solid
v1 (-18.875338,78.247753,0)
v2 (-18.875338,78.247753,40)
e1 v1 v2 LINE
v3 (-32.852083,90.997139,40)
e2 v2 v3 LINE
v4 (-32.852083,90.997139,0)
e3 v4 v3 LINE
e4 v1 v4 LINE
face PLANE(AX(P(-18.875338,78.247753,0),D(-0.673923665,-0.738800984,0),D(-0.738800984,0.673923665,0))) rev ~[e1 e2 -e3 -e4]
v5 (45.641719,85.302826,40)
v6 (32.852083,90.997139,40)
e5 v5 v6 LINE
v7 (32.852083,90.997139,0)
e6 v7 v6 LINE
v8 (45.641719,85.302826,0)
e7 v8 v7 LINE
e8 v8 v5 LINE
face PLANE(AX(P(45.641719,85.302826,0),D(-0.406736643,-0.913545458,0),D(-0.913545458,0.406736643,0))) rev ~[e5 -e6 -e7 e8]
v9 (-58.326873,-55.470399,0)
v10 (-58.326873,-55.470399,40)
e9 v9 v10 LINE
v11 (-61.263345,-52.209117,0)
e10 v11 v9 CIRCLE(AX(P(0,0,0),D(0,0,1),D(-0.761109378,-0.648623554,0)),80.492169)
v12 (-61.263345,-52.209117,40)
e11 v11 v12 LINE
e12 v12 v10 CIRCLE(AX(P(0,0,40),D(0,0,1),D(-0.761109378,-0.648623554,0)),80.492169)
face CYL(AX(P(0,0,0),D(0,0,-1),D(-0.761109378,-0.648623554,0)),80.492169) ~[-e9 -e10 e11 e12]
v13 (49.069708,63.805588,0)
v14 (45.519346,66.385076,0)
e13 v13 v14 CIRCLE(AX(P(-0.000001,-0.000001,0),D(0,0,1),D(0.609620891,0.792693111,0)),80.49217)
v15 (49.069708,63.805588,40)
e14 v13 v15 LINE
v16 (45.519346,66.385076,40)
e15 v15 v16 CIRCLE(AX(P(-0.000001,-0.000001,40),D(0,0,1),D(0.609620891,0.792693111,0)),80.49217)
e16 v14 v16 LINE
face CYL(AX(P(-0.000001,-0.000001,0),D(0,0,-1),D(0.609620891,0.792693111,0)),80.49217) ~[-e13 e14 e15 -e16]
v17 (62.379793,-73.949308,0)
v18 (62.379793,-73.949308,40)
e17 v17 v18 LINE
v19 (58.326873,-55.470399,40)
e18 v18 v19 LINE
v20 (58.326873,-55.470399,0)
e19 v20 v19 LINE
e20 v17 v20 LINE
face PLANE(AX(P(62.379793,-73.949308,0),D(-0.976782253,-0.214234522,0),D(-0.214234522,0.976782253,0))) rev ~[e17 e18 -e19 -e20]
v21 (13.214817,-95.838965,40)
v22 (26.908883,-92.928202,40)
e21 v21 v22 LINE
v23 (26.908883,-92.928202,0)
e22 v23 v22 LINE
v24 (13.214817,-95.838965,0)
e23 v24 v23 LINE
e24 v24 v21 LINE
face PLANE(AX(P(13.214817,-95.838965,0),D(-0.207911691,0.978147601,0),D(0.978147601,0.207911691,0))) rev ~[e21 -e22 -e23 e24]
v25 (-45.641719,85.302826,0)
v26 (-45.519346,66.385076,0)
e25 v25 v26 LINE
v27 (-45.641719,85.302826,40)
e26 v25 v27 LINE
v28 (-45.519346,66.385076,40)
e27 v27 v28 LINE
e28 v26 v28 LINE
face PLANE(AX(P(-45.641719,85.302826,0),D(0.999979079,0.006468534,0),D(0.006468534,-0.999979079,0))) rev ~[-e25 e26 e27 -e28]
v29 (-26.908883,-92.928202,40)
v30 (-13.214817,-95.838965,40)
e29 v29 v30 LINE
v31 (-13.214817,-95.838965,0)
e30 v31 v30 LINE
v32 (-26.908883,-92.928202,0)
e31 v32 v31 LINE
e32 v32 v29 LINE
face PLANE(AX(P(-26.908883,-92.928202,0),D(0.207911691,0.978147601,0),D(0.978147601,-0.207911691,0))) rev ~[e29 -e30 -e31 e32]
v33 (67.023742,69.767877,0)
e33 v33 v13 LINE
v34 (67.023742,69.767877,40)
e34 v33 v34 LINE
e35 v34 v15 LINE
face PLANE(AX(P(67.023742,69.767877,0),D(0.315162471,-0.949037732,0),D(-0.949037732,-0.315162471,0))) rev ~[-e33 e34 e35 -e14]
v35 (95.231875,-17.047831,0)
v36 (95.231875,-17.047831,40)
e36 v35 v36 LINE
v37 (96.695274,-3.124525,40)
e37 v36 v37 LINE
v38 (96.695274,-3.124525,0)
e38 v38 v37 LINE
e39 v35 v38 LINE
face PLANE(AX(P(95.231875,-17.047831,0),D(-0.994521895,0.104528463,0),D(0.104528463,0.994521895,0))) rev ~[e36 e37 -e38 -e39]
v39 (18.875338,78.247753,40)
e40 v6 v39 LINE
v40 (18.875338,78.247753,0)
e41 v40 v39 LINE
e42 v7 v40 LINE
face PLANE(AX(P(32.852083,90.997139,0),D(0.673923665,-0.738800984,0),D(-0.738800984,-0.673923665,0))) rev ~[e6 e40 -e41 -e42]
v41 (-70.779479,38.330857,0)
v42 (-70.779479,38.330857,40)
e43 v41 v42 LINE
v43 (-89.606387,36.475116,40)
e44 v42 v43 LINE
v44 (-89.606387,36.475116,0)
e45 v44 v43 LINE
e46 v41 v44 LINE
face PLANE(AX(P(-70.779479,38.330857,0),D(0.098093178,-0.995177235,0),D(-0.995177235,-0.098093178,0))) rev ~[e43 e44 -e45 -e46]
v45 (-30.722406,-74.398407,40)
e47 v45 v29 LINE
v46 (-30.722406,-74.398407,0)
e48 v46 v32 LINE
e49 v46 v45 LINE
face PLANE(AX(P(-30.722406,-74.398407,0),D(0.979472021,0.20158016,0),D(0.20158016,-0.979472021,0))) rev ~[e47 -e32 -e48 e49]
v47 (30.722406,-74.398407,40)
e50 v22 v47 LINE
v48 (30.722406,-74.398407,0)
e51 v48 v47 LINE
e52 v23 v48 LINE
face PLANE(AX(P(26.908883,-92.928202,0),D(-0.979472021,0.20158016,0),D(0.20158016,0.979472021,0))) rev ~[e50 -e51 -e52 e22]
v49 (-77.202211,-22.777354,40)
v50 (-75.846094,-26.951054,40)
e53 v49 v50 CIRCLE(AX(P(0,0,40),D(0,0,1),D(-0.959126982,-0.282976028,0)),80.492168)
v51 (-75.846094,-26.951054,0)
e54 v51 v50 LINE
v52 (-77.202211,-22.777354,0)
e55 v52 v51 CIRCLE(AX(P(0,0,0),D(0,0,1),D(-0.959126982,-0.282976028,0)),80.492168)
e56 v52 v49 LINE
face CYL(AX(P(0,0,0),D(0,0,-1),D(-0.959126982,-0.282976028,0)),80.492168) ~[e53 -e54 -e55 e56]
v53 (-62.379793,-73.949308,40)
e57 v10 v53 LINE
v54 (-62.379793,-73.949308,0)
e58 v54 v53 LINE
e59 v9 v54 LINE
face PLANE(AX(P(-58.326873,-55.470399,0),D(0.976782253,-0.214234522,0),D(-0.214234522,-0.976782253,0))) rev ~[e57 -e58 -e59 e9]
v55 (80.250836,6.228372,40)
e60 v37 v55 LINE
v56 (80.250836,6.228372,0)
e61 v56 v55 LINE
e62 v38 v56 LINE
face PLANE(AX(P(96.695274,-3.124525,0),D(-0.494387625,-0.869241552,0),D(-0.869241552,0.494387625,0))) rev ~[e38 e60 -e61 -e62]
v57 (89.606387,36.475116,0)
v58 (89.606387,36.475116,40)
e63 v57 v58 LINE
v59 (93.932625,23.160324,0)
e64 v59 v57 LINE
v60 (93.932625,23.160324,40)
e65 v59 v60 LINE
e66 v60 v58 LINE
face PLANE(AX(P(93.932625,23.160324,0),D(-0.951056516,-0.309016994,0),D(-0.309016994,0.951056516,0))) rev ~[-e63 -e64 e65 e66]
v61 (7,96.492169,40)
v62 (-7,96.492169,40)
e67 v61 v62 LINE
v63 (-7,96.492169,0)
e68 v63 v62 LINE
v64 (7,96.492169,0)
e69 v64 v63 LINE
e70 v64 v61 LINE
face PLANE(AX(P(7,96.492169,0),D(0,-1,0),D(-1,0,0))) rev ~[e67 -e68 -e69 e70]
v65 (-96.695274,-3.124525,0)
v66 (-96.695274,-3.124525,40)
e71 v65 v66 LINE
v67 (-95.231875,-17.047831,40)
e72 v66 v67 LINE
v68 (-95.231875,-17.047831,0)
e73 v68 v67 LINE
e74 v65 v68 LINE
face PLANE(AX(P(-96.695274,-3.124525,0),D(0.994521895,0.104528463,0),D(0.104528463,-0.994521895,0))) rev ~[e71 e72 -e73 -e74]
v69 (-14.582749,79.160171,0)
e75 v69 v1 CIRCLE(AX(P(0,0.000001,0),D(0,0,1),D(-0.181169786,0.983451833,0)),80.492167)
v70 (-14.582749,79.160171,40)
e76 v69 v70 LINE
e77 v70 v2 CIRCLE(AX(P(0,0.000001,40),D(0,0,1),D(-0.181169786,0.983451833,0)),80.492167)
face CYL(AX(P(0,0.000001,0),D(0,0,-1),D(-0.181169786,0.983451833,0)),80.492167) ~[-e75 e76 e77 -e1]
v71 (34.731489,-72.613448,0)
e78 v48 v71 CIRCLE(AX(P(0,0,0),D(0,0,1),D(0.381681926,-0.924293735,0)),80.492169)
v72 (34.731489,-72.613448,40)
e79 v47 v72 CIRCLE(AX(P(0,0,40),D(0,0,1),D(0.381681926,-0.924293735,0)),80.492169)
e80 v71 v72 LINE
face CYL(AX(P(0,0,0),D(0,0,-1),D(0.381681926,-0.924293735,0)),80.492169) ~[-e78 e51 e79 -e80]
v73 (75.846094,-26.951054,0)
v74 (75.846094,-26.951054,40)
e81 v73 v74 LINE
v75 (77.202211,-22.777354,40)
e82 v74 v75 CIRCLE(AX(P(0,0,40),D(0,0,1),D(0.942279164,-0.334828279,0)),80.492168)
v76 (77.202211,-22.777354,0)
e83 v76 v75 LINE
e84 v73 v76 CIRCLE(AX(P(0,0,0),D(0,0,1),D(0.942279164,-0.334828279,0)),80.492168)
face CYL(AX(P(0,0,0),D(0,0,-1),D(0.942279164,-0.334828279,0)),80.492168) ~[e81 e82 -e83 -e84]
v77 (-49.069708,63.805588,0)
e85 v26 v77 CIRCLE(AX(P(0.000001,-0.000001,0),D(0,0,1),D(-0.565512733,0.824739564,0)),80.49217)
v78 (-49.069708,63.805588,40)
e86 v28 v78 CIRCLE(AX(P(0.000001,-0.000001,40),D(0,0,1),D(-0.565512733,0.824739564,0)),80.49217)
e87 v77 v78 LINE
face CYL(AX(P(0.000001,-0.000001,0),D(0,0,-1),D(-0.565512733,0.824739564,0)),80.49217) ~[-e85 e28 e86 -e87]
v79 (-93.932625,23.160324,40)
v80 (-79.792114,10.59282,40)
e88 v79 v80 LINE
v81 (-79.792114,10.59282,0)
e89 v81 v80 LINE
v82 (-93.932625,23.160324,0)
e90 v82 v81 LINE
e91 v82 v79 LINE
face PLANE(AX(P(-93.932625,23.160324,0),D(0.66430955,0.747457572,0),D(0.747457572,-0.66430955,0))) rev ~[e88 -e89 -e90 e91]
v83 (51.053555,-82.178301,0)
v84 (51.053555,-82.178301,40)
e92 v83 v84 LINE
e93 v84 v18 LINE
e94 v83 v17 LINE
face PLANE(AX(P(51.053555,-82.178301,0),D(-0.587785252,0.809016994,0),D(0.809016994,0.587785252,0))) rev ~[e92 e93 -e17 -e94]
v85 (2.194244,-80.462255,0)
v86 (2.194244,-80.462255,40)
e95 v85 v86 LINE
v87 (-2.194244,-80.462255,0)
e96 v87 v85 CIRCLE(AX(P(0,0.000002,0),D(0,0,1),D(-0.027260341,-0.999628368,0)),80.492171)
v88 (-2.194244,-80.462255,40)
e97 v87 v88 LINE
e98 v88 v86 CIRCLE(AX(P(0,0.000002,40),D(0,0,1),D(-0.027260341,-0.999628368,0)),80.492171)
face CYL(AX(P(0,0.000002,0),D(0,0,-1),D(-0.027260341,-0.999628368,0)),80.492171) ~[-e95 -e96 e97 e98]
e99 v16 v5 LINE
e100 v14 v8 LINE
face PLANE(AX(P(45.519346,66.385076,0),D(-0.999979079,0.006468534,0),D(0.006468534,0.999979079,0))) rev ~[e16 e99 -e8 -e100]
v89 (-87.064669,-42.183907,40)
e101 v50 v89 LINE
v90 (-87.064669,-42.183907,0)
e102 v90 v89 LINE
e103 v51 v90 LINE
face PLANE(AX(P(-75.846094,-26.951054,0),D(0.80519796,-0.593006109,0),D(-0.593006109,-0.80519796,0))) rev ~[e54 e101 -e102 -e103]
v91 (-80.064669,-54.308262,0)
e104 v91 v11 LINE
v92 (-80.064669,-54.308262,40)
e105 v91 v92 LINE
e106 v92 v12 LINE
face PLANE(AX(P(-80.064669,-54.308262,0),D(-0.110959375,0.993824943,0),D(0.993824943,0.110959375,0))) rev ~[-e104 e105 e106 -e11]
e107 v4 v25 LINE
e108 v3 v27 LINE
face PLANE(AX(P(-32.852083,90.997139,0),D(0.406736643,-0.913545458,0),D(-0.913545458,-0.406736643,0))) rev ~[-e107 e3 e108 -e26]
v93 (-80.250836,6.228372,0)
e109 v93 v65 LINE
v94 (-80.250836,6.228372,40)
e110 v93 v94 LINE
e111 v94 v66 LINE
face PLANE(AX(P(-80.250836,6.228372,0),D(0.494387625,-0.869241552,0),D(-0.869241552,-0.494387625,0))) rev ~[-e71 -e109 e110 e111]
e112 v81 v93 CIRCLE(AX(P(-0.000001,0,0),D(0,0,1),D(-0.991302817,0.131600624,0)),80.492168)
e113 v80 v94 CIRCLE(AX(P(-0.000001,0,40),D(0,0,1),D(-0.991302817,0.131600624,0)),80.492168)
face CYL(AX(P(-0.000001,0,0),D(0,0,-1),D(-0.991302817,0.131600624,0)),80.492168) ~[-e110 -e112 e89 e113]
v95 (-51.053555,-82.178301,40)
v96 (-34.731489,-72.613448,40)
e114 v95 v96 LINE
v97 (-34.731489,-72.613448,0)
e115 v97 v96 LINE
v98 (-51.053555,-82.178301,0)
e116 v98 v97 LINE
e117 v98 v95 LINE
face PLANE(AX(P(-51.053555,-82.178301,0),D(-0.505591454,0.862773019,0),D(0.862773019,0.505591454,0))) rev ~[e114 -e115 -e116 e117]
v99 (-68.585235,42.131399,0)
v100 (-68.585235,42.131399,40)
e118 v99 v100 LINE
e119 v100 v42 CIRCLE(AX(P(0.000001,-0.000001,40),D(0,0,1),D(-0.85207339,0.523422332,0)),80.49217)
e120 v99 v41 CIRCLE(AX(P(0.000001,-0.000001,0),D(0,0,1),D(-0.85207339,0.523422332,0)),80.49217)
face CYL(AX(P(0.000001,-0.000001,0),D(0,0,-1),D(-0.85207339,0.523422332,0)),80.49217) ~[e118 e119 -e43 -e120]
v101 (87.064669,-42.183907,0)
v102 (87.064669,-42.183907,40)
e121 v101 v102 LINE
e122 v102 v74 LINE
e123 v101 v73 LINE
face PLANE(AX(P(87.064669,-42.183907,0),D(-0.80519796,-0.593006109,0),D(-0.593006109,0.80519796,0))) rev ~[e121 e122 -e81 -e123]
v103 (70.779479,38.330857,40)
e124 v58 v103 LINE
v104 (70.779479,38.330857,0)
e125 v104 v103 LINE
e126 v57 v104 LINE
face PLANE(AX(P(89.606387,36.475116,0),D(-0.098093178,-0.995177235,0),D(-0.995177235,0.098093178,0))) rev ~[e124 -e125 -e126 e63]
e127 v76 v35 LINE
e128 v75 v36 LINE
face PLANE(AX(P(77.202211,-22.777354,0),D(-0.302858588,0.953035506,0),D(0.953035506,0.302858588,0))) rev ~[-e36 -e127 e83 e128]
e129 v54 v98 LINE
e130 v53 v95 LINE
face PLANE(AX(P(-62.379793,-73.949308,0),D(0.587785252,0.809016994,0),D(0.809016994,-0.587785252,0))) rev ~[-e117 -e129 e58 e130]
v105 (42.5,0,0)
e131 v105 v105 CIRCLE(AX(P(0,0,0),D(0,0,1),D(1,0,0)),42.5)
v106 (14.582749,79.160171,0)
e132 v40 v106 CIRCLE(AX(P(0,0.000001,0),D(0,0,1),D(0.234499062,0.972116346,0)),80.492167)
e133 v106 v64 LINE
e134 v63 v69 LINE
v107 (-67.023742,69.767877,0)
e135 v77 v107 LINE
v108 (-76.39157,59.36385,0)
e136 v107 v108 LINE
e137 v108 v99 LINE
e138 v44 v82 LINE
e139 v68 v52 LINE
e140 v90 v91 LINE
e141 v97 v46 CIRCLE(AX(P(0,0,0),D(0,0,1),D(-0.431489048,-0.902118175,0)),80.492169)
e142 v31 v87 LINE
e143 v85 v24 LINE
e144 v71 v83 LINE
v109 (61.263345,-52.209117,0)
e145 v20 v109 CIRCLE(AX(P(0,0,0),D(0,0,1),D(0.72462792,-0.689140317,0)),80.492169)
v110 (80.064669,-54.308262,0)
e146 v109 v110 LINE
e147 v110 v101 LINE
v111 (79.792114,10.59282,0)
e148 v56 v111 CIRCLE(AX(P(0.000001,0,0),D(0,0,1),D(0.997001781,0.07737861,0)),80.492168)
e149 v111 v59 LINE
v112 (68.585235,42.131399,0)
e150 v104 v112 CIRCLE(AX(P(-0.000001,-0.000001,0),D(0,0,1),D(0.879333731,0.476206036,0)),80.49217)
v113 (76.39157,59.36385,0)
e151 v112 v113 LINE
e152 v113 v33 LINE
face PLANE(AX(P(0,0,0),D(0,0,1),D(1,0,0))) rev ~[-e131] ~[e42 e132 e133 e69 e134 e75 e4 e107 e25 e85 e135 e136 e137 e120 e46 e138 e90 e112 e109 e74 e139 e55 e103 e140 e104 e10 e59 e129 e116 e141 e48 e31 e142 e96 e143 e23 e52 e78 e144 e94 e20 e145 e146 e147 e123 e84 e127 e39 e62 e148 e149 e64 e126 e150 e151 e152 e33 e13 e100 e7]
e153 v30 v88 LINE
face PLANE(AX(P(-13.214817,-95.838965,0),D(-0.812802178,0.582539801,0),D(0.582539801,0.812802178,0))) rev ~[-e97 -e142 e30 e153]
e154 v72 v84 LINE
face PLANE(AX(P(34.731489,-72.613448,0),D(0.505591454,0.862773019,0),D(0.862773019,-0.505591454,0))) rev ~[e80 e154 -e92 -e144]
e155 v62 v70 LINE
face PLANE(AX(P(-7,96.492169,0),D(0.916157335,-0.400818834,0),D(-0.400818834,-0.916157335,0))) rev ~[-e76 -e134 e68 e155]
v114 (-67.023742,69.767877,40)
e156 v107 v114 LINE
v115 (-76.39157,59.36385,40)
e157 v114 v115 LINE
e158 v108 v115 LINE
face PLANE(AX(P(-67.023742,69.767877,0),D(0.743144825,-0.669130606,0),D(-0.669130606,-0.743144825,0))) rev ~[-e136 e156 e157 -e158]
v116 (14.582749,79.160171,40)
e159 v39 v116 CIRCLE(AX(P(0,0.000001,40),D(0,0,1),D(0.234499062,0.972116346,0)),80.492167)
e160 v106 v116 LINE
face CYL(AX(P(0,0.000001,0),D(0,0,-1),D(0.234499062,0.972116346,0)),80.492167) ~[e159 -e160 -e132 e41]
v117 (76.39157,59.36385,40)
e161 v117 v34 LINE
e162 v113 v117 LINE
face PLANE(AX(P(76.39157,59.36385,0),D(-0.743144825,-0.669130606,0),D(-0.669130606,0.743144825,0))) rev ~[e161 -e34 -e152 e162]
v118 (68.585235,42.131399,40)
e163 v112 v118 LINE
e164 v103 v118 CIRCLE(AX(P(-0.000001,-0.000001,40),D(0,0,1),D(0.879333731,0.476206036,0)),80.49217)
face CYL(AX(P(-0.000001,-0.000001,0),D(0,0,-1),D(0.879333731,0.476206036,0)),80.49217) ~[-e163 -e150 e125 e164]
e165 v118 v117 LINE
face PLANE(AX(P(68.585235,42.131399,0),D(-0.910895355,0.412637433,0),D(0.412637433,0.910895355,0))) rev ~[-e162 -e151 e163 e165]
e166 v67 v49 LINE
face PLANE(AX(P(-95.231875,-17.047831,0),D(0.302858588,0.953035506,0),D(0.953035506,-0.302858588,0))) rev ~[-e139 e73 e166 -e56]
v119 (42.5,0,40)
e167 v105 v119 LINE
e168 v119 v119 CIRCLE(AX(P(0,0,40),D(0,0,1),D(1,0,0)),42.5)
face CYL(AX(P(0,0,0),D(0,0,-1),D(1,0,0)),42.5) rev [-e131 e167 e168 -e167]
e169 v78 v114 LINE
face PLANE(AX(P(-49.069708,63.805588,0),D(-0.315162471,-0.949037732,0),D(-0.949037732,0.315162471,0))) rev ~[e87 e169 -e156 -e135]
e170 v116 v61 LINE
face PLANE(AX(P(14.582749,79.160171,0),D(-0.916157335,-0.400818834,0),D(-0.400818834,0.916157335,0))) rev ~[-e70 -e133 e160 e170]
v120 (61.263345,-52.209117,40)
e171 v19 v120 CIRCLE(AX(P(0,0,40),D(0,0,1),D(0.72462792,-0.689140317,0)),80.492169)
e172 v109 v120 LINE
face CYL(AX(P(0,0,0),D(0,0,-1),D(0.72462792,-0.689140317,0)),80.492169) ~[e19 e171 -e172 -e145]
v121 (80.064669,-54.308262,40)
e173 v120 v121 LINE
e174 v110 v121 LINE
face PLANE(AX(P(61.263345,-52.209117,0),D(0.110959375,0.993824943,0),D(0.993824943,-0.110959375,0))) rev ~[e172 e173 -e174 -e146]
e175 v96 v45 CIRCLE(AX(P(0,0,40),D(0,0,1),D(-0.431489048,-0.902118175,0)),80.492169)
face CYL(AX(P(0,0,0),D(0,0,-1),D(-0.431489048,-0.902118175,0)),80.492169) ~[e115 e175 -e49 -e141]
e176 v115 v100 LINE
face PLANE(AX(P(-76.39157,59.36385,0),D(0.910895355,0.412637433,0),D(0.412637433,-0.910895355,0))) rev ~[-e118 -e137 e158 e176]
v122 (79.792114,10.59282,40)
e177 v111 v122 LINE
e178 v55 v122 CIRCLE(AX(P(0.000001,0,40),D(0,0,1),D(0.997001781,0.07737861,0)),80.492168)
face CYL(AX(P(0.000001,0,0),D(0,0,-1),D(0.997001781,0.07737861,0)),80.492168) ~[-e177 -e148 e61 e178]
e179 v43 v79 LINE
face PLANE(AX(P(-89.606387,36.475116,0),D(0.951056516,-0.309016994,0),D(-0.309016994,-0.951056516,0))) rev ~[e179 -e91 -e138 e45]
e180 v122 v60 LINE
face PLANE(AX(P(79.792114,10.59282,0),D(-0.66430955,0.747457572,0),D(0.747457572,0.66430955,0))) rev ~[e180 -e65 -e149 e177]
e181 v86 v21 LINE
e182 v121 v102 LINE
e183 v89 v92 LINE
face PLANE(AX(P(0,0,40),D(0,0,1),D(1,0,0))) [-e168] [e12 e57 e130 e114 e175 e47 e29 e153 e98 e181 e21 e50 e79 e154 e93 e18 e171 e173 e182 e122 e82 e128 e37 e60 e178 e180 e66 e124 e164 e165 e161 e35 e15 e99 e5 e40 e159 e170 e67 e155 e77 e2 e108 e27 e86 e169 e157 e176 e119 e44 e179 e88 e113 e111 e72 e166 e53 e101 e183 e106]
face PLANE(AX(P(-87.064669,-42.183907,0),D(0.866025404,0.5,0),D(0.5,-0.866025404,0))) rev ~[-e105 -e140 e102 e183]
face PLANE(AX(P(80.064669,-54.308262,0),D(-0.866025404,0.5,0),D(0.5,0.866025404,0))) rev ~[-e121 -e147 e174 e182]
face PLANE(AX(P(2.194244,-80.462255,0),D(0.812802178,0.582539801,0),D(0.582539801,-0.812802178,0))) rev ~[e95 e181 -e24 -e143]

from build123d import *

# Parameters (mm, degrees)
SKETCH1_R           = 42.5
BOSS_EXTRUDE3_DEPTH = 40


with BuildPart() as part:
    # Sketch1 → Boss-Extrude3 (new body)
    with BuildSketch(Plane.XY):
        with BuildLine():
            Line((14.58274905, 79.160170984), (7, 96.492168812))
            Line((7, 96.492168812), (-7, 96.492168812))
            Line((-7, 96.492168812), (-14.58274905, 79.160170984))
            ThreePointArc((-14.58274905, 79.160170984), (-16.735262915, 78.733221802), (-18.875338057, 78.247753024))
            Line((-18.875338057, 78.247753024), (-32.852082622, 90.997139018))
            Line((-32.852082622, 90.997139018), (-45.641719029, 85.302826015))
            Line((-45.641719029, 85.302826015), (-45.519346366, 66.385076234))
            ThreePointArc((-45.519346366, 66.385076234), (-47.312109753, 65.119532483), (-49.069707737, 63.805587708))
            Line((-49.069707737, 63.805587708), (-67.023741707, 69.767877205))
            Line((-67.023741707, 69.767877205), (-76.391570197, 59.363849648))
            Line((-76.391570197, 59.363849648), (-68.585235165, 42.131398713))
            ThreePointArc((-68.585235165, 42.131398713), (-69.708262997, 40.246084406), (-70.779479165, 38.330856621))
            Line((-70.779479165, 38.330856621), (-89.60638696, 36.475115601))
            Line((-89.60638696, 36.475115601), (-93.932624881, 23.160324373))
            Line((-93.932624881, 23.160324373), (-79.792113727, 10.592819603))
            ThreePointArc((-79.792113727, 10.592819603), (-80.05122429, 8.413722711), (-80.250835633, 6.2283722))
            Line((-80.250835633, 6.2283722), (-96.695273858, -3.124524856))
            Line((-96.695273858, -3.124524856), (-95.231875373, -17.047831391))
            Line((-95.231875373, -17.047831391), (-77.202210937, -22.77735425))
            ThreePointArc((-77.202210937, -22.77735425), (-76.55260166, -24.873448077), (-75.846093565, -26.951054358))
            Line((-75.846093565, -26.951054358), (-87.064669458, -42.18390658))
            Line((-87.064669458, -42.18390658), (-80.064669458, -54.308262233))
            Line((-80.064669458, -54.308262233), (-61.263344515, -52.209116626))
            ThreePointArc((-61.263344515, -52.209116626), (-59.817338744, -53.859773725), (-58.32687288, -55.470398775))
            Line((-58.32687288, -55.470398775), (-62.37979275, -73.949307627))
            Line((-62.37979275, -73.949307627), (-51.053554829, -82.178301159))
            Line((-51.053554829, -82.178301159), (-34.731489268, -72.613448433))
            ThreePointArc((-34.731489268, -72.613448433), (-32.739114537, -73.533255194), (-30.72240599, -74.39840731))
            Line((-30.72240599, -74.39840731), (-26.908883174, -92.928201578))
            Line((-26.908883174, -92.928201578), (-13.214816763, -95.838965249))
            Line((-13.214816763, -95.838965249), (-2.194244, -80.462255334))
            ThreePointArc((-2.194244, -80.462255334), (0, -80.492168812), (2.194244, -80.462255334))
            Line((2.194244, -80.462255334), (13.214816763, -95.838965249))
            Line((13.214816763, -95.838965249), (26.908883174, -92.928201578))
            Line((26.908883174, -92.928201578), (30.72240599, -74.39840731))
            ThreePointArc((30.72240599, -74.39840731), (32.739114537, -73.533255194), (34.731489268, -72.613448433))
            Line((34.731489268, -72.613448433), (51.053554829, -82.178301159))
            Line((51.053554829, -82.178301159), (62.37979275, -73.949307627))
            Line((62.37979275, -73.949307627), (58.32687288, -55.470398775))
            ThreePointArc((58.32687288, -55.470398775), (59.817338744, -53.859773725), (61.263344515, -52.209116626))
            Line((61.263344515, -52.209116626), (80.064669458, -54.308262233))
            Line((80.064669458, -54.308262233), (87.064669458, -42.18390658))
            Line((87.064669458, -42.18390658), (75.846093565, -26.951054358))
            ThreePointArc((75.846093565, -26.951054358), (76.55260166, -24.873448077), (77.202210937, -22.77735425))
            Line((77.202210937, -22.77735425), (95.231875373, -17.047831391))
            Line((95.231875373, -17.047831391), (96.695273858, -3.124524856))
            Line((96.695273858, -3.124524856), (80.250835633, 6.2283722))
            ThreePointArc((80.250835633, 6.2283722), (80.05122429, 8.413722711), (79.792113727, 10.592819603))
            Line((79.792113727, 10.592819603), (93.932624881, 23.160324373))
            Line((93.932624881, 23.160324373), (89.60638696, 36.475115601))
            Line((89.60638696, 36.475115601), (70.779479165, 38.330856621))
            ThreePointArc((70.779479165, 38.330856621), (69.708262997, 40.246084406), (68.585235165, 42.131398713))
            Line((68.585235165, 42.131398713), (76.391570197, 59.363849648))
            Line((76.391570197, 59.363849648), (67.023741707, 69.767877205))
            Line((67.023741707, 69.767877205), (49.069707737, 63.805587708))
            ThreePointArc((49.069707737, 63.805587708), (47.312109753, 65.119532483), (45.519346366, 66.385076234))
            Line((45.519346366, 66.385076234), (45.641719029, 85.302826015))
            Line((45.641719029, 85.302826015), (32.852082622, 90.997139018))
            Line((32.852082622, 90.997139018), (18.875338057, 78.247753024))
            ThreePointArc((18.875338057, 78.247753024), (16.735262915, 78.733221802), (14.58274905, 79.160170984))
        make_face()
        Circle(SKETCH1_R, mode=Mode.SUBTRACT)
    extrude(amount=BOSS_EXTRUDE3_DEPTH)


solid = part.part
